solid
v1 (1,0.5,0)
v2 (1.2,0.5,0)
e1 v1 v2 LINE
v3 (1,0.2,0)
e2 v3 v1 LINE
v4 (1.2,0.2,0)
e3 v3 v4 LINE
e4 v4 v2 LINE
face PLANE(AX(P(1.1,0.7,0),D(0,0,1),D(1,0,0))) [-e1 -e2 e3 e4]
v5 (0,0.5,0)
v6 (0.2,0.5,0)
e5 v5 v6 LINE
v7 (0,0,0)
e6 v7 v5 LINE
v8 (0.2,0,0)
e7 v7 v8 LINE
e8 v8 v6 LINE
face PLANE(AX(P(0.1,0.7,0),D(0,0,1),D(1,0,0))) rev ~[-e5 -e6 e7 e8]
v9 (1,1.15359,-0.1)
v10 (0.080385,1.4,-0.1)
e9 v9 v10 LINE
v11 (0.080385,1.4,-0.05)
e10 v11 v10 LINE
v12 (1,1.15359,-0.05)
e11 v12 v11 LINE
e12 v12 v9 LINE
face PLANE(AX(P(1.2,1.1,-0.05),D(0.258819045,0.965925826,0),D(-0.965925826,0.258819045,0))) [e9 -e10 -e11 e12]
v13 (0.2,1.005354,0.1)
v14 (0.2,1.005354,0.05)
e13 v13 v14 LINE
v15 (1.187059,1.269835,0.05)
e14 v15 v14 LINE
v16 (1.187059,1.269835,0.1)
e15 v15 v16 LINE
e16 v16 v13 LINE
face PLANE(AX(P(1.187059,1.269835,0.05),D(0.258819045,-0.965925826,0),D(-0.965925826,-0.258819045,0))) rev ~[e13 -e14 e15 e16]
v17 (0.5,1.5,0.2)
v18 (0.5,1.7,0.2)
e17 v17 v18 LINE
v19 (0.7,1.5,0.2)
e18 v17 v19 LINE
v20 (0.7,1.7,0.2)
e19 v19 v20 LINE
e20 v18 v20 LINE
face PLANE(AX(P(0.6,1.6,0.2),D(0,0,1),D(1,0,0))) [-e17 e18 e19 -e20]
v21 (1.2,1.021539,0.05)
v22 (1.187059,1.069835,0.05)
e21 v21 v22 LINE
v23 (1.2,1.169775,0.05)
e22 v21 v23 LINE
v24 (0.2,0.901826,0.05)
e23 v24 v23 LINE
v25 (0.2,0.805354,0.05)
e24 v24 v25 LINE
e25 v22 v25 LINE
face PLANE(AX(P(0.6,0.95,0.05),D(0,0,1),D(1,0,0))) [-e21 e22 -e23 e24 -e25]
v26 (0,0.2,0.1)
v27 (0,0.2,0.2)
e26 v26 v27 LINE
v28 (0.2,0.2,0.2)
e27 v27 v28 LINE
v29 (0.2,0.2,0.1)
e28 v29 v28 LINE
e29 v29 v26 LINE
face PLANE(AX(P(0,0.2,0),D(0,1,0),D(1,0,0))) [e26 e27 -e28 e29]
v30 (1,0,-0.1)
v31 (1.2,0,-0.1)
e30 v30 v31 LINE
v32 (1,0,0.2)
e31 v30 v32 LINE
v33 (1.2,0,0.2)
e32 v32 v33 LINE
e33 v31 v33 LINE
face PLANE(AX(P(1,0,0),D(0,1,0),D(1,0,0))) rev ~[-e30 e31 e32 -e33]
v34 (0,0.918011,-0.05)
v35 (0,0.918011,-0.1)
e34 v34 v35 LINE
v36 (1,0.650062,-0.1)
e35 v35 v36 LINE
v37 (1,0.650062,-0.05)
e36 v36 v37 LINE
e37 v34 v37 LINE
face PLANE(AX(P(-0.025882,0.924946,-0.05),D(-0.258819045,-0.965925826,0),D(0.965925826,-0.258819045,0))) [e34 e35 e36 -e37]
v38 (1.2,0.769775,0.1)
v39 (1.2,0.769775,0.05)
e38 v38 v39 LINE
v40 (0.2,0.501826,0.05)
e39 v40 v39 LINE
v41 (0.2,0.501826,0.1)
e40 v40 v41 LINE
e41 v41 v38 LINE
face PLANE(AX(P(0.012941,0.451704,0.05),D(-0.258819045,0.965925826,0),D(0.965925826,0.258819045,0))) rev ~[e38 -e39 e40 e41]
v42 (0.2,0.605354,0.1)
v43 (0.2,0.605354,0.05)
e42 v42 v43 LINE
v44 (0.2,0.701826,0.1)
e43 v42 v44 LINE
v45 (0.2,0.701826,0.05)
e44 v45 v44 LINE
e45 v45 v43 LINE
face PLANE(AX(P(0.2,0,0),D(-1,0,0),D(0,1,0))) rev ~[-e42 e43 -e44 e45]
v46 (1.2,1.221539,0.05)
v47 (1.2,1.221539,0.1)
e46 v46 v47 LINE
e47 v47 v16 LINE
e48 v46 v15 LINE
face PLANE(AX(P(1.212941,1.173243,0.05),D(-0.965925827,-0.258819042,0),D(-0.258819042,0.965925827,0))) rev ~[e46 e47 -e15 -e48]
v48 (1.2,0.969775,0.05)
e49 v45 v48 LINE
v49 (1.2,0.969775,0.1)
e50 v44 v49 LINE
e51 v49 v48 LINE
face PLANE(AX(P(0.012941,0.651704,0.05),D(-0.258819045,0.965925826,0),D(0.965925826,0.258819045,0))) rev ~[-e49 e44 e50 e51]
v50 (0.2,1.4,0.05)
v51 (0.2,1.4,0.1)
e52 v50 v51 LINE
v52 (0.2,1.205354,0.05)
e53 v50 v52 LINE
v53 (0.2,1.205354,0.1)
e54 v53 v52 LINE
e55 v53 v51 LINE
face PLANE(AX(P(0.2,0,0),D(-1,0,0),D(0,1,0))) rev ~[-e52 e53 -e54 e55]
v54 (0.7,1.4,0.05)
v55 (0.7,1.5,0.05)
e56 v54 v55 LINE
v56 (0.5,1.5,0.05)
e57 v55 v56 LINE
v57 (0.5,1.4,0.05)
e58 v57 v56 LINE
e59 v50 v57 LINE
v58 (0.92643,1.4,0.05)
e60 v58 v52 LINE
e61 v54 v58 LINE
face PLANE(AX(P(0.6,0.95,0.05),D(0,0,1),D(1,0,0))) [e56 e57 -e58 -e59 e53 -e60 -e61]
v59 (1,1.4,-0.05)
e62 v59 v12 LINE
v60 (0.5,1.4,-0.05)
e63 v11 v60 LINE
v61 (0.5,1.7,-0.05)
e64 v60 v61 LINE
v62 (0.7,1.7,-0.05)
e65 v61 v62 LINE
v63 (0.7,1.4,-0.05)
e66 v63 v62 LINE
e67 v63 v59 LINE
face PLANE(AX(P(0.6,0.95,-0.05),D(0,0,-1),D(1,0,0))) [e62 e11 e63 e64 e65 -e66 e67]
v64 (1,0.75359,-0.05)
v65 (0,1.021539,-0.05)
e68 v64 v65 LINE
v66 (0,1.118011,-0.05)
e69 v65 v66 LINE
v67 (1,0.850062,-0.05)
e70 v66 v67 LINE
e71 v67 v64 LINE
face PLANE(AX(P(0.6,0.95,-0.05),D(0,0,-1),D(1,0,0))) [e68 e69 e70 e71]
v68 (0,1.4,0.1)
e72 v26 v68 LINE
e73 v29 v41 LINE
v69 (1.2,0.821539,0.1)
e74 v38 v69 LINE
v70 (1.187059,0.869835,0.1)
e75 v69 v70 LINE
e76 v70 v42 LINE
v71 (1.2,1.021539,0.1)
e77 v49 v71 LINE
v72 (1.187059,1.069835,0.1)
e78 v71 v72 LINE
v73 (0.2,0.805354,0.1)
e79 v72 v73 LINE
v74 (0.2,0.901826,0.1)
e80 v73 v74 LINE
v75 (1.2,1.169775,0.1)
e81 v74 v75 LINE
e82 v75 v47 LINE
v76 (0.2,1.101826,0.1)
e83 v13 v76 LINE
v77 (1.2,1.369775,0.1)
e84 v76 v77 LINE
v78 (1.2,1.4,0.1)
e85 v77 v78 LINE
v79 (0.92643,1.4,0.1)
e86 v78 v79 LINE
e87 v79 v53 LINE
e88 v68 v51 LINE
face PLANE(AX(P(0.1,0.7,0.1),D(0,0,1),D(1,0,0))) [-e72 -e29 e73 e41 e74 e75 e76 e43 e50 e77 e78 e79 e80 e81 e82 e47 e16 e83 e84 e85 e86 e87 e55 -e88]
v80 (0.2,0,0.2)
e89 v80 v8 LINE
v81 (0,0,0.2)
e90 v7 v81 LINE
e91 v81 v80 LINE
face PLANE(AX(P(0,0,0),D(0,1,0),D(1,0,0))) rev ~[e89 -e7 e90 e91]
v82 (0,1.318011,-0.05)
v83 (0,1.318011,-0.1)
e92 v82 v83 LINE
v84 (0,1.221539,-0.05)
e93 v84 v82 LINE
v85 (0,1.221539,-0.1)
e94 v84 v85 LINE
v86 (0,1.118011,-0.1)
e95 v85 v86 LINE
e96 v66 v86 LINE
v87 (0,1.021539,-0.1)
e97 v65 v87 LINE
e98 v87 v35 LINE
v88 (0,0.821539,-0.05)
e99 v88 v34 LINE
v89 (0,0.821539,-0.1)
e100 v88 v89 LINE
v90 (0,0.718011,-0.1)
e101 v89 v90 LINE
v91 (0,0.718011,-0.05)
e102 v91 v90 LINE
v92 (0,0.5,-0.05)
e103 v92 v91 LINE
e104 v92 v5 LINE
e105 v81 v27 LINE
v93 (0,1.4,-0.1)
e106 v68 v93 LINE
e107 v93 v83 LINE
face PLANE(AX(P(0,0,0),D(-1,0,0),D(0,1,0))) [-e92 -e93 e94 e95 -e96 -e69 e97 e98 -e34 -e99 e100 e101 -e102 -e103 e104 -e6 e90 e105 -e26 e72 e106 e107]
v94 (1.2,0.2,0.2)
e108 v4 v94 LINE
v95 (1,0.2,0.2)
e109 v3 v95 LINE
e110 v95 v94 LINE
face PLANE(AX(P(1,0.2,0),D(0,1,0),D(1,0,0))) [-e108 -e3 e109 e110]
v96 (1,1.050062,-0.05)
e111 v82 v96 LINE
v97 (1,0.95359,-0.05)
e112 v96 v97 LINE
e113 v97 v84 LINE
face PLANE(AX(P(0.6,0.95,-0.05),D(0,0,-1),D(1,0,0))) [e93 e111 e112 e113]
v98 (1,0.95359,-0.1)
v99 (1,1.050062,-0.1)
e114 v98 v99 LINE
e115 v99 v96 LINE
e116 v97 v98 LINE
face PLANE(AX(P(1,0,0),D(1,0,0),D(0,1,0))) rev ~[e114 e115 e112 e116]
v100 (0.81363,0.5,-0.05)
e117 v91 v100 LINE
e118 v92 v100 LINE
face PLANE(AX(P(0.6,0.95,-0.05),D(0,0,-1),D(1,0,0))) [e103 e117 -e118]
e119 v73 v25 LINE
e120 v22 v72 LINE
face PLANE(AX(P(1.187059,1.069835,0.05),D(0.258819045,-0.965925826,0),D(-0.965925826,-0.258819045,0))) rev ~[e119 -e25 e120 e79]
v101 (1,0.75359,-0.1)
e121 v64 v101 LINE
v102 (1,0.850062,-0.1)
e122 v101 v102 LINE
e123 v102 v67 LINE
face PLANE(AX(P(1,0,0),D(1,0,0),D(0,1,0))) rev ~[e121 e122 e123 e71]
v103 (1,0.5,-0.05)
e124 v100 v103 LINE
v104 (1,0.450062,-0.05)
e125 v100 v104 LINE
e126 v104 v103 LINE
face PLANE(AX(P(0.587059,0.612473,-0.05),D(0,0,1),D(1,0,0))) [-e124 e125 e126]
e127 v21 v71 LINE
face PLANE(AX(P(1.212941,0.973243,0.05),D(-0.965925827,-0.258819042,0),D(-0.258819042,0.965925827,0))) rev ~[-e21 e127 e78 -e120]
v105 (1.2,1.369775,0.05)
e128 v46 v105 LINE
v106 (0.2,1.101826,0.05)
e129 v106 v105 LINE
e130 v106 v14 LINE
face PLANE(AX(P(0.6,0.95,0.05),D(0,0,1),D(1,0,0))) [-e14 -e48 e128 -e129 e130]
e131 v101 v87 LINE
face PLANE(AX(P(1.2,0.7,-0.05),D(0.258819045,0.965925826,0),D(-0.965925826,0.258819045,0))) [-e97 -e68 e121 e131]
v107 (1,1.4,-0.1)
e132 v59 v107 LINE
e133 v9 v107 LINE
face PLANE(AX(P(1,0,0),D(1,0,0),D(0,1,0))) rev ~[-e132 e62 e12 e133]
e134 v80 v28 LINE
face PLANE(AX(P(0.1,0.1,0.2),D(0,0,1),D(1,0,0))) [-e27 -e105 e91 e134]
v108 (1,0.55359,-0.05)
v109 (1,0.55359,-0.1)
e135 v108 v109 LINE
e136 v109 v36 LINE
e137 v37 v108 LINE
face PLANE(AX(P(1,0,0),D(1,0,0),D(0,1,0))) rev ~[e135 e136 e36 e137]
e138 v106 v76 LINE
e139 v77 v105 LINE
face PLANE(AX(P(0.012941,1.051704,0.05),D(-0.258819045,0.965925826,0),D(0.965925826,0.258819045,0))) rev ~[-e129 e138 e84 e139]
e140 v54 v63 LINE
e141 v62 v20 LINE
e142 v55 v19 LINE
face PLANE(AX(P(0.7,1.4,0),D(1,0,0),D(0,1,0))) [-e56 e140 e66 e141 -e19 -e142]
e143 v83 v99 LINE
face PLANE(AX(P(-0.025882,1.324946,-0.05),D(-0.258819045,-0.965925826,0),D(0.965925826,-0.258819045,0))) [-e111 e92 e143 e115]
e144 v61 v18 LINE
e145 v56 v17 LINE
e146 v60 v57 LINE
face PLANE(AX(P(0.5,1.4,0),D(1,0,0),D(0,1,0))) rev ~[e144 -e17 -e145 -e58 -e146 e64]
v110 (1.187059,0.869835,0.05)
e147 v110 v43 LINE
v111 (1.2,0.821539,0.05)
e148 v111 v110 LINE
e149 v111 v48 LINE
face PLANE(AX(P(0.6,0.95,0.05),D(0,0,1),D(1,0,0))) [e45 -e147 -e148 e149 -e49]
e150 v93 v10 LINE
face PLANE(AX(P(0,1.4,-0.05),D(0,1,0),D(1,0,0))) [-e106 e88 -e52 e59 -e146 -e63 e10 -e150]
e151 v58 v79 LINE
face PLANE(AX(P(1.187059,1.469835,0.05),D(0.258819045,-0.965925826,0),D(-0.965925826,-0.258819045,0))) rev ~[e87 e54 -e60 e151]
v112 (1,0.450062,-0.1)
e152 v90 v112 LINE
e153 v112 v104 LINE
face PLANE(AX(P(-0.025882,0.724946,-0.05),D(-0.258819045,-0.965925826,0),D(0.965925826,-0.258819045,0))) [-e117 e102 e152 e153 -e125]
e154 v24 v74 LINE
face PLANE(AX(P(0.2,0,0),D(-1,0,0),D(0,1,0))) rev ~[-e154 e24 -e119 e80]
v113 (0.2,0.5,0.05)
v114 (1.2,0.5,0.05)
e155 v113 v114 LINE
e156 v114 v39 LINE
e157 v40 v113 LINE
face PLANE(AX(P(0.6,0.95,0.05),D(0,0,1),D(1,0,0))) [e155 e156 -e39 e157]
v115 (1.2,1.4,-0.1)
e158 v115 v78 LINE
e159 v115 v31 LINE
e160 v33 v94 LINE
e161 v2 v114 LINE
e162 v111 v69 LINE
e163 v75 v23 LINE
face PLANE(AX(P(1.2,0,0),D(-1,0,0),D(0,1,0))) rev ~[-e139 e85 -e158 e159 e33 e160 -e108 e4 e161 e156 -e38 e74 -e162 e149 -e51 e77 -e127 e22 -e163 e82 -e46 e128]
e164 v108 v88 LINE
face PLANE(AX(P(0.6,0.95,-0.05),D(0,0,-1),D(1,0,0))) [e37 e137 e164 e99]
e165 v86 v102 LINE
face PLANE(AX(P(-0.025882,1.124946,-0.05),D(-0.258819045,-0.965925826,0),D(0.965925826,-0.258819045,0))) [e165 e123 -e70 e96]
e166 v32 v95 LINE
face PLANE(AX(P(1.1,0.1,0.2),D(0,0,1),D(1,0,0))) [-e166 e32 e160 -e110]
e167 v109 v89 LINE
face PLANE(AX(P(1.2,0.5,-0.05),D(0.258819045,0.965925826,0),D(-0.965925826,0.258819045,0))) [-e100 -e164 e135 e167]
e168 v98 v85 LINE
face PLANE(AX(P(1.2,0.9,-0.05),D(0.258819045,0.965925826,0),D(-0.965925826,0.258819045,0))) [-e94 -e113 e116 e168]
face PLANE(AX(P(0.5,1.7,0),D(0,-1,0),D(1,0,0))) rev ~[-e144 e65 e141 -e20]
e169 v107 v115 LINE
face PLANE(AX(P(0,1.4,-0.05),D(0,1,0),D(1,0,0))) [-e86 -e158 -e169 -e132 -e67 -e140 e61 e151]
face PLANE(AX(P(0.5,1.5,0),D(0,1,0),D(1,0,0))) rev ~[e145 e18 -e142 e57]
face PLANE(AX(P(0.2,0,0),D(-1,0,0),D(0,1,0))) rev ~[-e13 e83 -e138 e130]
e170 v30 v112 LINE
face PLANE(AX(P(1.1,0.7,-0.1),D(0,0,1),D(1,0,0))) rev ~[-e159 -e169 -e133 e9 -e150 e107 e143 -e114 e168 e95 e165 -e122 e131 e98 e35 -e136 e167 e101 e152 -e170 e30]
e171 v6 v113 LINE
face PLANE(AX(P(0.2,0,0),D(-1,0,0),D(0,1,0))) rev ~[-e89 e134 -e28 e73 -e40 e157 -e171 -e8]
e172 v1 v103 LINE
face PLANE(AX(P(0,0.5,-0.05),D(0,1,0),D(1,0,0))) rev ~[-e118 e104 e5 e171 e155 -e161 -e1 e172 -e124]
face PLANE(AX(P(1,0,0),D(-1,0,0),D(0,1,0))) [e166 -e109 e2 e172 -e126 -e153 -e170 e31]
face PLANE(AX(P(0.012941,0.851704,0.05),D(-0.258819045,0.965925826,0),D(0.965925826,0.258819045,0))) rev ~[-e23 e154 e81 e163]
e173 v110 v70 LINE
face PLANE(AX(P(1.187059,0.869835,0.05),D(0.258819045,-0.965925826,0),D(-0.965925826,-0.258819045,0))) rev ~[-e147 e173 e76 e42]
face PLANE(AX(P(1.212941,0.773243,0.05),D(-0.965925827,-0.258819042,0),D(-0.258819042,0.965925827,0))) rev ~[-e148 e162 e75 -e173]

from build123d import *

# Parameters (mm, degrees)
BOSS_EXTRUDE1_DEPTH             = 0.05
BOSS_EXTRUDE1_DEPTH_BACK        = 0.05
SKETCH3_W                       = 1.2
SKETCH3_H                       = 0.9
BOSS_EXTRUDE2_REACH             = 3.845
SKETCH4_W                       = 0.2
SKETCH4_H                       = 0.3
BOSS_EXTRUDE2_DIRECTION_2_REACH = 3.845
EXTRUDE_THIN1_DEPTH             = 0.05
EXTRUDE_THIN2_DEPTH             = 0.05
LPATTERN1_COUNT                 = 4
LPATTERN1_PITCH                 = 0.2
CUT_EXTRUDE1_DEPTH              = 3.093734881
CUT_EXTRUDE1_DEPTH_BACK         = 3.093734881
SKETCH8_W                       = 0.2
SKETCH8_H                       = 1.4
BOSS_EXTRUDE3_DEPTH             = 0.1
SKETCH9_W                       = 0.2
SKETCH9_H                       = 1.4
BOSS_EXTRUDE4_DEPTH             = 0.1
SKETCH10_W                      = 0.2
SKETCH10_H                      = 0.2
BOSS_EXTRUDE5_DEPTH             = 0.2
SKETCH11_W                      = 0.2
SKETCH11_H                      = 0.2
BOSS_EXTRUDE6_DEPTH             = 0.2


with BuildPart() as part:
    # Sketch3 → Boss-Extrude1 (new, two sides: drawn at the far end of the back side and taken through both)
    with BuildSketch(Plane.XY.offset(-BOSS_EXTRUDE1_DEPTH_BACK)):
        with Locations((0.6, 0.95)):
            Rectangle(SKETCH3_W, SKETCH3_H)
    extrude(amount=BOSS_EXTRUDE1_DEPTH + BOSS_EXTRUDE1_DEPTH_BACK)

    # Boss-Extrude2: up to this face of the body (flat: up to its plane)
    boss_extrude2_end = Plane(part.part.faces().sort_by_distance((0.6, 0.95, 0.05))[0])
    # Sketch4 → Boss-Extrude2 (add, up to the picked face)
    with BuildSketch(Plane.XY, mode=Mode.PRIVATE) as boss_extrude2_sk1:
        with Locations((0.6, 1.55)):
            Rectangle(SKETCH4_W, SKETCH4_H)
    boss_extrude2_tool1 = split(extrude(boss_extrude2_sk1.sketch, amount=BOSS_EXTRUDE2_REACH, mode=Mode.PRIVATE), bisect_by=boss_extrude2_end, keep=Keep.BOTH, mode=Mode.PRIVATE)
    add(boss_extrude2_tool1.solids().sort_by(Axis((0.6, 1.55, 0), (0, 0, 1)))[0])

    # Boss-Extrude2 direction 2: up to this face of the body (flat: up to its plane)
    boss_extrude2_direction_2_end = Plane(part.part.faces().sort_by_distance((0.6, 0.95, -0.05))[0])
    # Sketch4 → Boss-Extrude2 direction 2 (add, up to the picked face)
    with BuildSketch(Plane.XY, mode=Mode.PRIVATE) as boss_extrude2_direction_2_sk1:
        with Locations((0.6, 1.55)):
            Rectangle(SKETCH4_W, SKETCH4_H)
    boss_extrude2_direction_2_tool1 = split(extrude(boss_extrude2_direction_2_sk1.sketch, amount=-BOSS_EXTRUDE2_DIRECTION_2_REACH, mode=Mode.PRIVATE), bisect_by=boss_extrude2_direction_2_end, keep=Keep.BOTH, mode=Mode.PRIVATE)
    add(boss_extrude2_direction_2_tool1.solids().sort_by(Axis((0.6, 1.55, 0), (0, 0, -1)))[0])

    # Sketch5 → Extrude-Thin1 (add)
    with BuildSketch(Plane.XY.offset(0.05)):
        Polygon((0.012940952, 0.451703709), (1.212940952, 0.77324274), (1.187059048, 0.869835322), (-0.012940952, 0.548296291), align=None)
    extrude_thin1 = extrude(amount=EXTRUDE_THIN1_DEPTH)

    # Sketch6 → Extrude-Thin2 (add)
    with BuildSketch(Plane(origin=(0, 0, -0.05), x_dir=(-1, 0, 0), z_dir=(0, 0, -1))):
        Polygon((-1.2, 0.5), (0, 0.821539031), (0.025881905, 0.724946448), (-1.174118095, 0.403407417), align=None)
    extrude_thin2 = extrude(amount=EXTRUDE_THIN2_DEPTH)

    # LPattern1: Extrude-Thin1, Extrude-Thin2 ×4
    with Locations(*[(0, i * LPATTERN1_PITCH, 0) for i in range(1, LPATTERN1_COUNT)]):
        add(extrude_thin1)
        add(extrude_thin2)

    # Sketch7 → Cut-Extrude1 (cut, two sides: drawn at the far end of the back side and taken through both)
    with BuildSketch(Plane.XY.offset(0.05).offset(-CUT_EXTRUDE1_DEPTH_BACK)):
        Polygon((0.5, 1.7), (0.5, 1.4), (0, 1.4), (0, 0.5), (0, 0.2), (-0.1, 0.2), (-0.1, 1.7), align=None)
        Polygon((1.2, 1.4), (1.2, 0.5), (1.2, 0.2), (1.3, 0.2), (1.3, 1.7), (0.7, 1.7), (0.7, 1.4), align=None)
    extrude(amount=CUT_EXTRUDE1_DEPTH + CUT_EXTRUDE1_DEPTH_BACK, mode=Mode.SUBTRACT)

    # Sketch8 → Boss-Extrude3 (add)
    with BuildSketch(Plane.XY):
        with Locations((0.1, 0.7)):
            Rectangle(SKETCH8_W, SKETCH8_H)
    extrude(amount=BOSS_EXTRUDE3_DEPTH)

    # Sketch9 → Boss-Extrude4 (add)
    with BuildSketch(Plane.XY):
        with Locations((1.1, 0.7)):
            Rectangle(SKETCH9_W, SKETCH9_H)
    extrude(amount=-BOSS_EXTRUDE4_DEPTH)

    # Sketch10 → Boss-Extrude5 (add)
    with BuildSketch(Plane.XY):
        with Locations((1.1, 0.1)):
            Rectangle(SKETCH10_W, SKETCH10_H)
        with Locations((0.1, 0.1)):
            Rectangle(SKETCH10_W, SKETCH10_H)
    extrude(amount=BOSS_EXTRUDE5_DEPTH)

    # Sketch11 → Boss-Extrude6 (add)
    with BuildSketch(Plane.XY):
        with Locations((0.6, 1.6)):
            Rectangle(SKETCH11_W, SKETCH11_H)
    extrude(amount=BOSS_EXTRUDE6_DEPTH)


solid = part.part
